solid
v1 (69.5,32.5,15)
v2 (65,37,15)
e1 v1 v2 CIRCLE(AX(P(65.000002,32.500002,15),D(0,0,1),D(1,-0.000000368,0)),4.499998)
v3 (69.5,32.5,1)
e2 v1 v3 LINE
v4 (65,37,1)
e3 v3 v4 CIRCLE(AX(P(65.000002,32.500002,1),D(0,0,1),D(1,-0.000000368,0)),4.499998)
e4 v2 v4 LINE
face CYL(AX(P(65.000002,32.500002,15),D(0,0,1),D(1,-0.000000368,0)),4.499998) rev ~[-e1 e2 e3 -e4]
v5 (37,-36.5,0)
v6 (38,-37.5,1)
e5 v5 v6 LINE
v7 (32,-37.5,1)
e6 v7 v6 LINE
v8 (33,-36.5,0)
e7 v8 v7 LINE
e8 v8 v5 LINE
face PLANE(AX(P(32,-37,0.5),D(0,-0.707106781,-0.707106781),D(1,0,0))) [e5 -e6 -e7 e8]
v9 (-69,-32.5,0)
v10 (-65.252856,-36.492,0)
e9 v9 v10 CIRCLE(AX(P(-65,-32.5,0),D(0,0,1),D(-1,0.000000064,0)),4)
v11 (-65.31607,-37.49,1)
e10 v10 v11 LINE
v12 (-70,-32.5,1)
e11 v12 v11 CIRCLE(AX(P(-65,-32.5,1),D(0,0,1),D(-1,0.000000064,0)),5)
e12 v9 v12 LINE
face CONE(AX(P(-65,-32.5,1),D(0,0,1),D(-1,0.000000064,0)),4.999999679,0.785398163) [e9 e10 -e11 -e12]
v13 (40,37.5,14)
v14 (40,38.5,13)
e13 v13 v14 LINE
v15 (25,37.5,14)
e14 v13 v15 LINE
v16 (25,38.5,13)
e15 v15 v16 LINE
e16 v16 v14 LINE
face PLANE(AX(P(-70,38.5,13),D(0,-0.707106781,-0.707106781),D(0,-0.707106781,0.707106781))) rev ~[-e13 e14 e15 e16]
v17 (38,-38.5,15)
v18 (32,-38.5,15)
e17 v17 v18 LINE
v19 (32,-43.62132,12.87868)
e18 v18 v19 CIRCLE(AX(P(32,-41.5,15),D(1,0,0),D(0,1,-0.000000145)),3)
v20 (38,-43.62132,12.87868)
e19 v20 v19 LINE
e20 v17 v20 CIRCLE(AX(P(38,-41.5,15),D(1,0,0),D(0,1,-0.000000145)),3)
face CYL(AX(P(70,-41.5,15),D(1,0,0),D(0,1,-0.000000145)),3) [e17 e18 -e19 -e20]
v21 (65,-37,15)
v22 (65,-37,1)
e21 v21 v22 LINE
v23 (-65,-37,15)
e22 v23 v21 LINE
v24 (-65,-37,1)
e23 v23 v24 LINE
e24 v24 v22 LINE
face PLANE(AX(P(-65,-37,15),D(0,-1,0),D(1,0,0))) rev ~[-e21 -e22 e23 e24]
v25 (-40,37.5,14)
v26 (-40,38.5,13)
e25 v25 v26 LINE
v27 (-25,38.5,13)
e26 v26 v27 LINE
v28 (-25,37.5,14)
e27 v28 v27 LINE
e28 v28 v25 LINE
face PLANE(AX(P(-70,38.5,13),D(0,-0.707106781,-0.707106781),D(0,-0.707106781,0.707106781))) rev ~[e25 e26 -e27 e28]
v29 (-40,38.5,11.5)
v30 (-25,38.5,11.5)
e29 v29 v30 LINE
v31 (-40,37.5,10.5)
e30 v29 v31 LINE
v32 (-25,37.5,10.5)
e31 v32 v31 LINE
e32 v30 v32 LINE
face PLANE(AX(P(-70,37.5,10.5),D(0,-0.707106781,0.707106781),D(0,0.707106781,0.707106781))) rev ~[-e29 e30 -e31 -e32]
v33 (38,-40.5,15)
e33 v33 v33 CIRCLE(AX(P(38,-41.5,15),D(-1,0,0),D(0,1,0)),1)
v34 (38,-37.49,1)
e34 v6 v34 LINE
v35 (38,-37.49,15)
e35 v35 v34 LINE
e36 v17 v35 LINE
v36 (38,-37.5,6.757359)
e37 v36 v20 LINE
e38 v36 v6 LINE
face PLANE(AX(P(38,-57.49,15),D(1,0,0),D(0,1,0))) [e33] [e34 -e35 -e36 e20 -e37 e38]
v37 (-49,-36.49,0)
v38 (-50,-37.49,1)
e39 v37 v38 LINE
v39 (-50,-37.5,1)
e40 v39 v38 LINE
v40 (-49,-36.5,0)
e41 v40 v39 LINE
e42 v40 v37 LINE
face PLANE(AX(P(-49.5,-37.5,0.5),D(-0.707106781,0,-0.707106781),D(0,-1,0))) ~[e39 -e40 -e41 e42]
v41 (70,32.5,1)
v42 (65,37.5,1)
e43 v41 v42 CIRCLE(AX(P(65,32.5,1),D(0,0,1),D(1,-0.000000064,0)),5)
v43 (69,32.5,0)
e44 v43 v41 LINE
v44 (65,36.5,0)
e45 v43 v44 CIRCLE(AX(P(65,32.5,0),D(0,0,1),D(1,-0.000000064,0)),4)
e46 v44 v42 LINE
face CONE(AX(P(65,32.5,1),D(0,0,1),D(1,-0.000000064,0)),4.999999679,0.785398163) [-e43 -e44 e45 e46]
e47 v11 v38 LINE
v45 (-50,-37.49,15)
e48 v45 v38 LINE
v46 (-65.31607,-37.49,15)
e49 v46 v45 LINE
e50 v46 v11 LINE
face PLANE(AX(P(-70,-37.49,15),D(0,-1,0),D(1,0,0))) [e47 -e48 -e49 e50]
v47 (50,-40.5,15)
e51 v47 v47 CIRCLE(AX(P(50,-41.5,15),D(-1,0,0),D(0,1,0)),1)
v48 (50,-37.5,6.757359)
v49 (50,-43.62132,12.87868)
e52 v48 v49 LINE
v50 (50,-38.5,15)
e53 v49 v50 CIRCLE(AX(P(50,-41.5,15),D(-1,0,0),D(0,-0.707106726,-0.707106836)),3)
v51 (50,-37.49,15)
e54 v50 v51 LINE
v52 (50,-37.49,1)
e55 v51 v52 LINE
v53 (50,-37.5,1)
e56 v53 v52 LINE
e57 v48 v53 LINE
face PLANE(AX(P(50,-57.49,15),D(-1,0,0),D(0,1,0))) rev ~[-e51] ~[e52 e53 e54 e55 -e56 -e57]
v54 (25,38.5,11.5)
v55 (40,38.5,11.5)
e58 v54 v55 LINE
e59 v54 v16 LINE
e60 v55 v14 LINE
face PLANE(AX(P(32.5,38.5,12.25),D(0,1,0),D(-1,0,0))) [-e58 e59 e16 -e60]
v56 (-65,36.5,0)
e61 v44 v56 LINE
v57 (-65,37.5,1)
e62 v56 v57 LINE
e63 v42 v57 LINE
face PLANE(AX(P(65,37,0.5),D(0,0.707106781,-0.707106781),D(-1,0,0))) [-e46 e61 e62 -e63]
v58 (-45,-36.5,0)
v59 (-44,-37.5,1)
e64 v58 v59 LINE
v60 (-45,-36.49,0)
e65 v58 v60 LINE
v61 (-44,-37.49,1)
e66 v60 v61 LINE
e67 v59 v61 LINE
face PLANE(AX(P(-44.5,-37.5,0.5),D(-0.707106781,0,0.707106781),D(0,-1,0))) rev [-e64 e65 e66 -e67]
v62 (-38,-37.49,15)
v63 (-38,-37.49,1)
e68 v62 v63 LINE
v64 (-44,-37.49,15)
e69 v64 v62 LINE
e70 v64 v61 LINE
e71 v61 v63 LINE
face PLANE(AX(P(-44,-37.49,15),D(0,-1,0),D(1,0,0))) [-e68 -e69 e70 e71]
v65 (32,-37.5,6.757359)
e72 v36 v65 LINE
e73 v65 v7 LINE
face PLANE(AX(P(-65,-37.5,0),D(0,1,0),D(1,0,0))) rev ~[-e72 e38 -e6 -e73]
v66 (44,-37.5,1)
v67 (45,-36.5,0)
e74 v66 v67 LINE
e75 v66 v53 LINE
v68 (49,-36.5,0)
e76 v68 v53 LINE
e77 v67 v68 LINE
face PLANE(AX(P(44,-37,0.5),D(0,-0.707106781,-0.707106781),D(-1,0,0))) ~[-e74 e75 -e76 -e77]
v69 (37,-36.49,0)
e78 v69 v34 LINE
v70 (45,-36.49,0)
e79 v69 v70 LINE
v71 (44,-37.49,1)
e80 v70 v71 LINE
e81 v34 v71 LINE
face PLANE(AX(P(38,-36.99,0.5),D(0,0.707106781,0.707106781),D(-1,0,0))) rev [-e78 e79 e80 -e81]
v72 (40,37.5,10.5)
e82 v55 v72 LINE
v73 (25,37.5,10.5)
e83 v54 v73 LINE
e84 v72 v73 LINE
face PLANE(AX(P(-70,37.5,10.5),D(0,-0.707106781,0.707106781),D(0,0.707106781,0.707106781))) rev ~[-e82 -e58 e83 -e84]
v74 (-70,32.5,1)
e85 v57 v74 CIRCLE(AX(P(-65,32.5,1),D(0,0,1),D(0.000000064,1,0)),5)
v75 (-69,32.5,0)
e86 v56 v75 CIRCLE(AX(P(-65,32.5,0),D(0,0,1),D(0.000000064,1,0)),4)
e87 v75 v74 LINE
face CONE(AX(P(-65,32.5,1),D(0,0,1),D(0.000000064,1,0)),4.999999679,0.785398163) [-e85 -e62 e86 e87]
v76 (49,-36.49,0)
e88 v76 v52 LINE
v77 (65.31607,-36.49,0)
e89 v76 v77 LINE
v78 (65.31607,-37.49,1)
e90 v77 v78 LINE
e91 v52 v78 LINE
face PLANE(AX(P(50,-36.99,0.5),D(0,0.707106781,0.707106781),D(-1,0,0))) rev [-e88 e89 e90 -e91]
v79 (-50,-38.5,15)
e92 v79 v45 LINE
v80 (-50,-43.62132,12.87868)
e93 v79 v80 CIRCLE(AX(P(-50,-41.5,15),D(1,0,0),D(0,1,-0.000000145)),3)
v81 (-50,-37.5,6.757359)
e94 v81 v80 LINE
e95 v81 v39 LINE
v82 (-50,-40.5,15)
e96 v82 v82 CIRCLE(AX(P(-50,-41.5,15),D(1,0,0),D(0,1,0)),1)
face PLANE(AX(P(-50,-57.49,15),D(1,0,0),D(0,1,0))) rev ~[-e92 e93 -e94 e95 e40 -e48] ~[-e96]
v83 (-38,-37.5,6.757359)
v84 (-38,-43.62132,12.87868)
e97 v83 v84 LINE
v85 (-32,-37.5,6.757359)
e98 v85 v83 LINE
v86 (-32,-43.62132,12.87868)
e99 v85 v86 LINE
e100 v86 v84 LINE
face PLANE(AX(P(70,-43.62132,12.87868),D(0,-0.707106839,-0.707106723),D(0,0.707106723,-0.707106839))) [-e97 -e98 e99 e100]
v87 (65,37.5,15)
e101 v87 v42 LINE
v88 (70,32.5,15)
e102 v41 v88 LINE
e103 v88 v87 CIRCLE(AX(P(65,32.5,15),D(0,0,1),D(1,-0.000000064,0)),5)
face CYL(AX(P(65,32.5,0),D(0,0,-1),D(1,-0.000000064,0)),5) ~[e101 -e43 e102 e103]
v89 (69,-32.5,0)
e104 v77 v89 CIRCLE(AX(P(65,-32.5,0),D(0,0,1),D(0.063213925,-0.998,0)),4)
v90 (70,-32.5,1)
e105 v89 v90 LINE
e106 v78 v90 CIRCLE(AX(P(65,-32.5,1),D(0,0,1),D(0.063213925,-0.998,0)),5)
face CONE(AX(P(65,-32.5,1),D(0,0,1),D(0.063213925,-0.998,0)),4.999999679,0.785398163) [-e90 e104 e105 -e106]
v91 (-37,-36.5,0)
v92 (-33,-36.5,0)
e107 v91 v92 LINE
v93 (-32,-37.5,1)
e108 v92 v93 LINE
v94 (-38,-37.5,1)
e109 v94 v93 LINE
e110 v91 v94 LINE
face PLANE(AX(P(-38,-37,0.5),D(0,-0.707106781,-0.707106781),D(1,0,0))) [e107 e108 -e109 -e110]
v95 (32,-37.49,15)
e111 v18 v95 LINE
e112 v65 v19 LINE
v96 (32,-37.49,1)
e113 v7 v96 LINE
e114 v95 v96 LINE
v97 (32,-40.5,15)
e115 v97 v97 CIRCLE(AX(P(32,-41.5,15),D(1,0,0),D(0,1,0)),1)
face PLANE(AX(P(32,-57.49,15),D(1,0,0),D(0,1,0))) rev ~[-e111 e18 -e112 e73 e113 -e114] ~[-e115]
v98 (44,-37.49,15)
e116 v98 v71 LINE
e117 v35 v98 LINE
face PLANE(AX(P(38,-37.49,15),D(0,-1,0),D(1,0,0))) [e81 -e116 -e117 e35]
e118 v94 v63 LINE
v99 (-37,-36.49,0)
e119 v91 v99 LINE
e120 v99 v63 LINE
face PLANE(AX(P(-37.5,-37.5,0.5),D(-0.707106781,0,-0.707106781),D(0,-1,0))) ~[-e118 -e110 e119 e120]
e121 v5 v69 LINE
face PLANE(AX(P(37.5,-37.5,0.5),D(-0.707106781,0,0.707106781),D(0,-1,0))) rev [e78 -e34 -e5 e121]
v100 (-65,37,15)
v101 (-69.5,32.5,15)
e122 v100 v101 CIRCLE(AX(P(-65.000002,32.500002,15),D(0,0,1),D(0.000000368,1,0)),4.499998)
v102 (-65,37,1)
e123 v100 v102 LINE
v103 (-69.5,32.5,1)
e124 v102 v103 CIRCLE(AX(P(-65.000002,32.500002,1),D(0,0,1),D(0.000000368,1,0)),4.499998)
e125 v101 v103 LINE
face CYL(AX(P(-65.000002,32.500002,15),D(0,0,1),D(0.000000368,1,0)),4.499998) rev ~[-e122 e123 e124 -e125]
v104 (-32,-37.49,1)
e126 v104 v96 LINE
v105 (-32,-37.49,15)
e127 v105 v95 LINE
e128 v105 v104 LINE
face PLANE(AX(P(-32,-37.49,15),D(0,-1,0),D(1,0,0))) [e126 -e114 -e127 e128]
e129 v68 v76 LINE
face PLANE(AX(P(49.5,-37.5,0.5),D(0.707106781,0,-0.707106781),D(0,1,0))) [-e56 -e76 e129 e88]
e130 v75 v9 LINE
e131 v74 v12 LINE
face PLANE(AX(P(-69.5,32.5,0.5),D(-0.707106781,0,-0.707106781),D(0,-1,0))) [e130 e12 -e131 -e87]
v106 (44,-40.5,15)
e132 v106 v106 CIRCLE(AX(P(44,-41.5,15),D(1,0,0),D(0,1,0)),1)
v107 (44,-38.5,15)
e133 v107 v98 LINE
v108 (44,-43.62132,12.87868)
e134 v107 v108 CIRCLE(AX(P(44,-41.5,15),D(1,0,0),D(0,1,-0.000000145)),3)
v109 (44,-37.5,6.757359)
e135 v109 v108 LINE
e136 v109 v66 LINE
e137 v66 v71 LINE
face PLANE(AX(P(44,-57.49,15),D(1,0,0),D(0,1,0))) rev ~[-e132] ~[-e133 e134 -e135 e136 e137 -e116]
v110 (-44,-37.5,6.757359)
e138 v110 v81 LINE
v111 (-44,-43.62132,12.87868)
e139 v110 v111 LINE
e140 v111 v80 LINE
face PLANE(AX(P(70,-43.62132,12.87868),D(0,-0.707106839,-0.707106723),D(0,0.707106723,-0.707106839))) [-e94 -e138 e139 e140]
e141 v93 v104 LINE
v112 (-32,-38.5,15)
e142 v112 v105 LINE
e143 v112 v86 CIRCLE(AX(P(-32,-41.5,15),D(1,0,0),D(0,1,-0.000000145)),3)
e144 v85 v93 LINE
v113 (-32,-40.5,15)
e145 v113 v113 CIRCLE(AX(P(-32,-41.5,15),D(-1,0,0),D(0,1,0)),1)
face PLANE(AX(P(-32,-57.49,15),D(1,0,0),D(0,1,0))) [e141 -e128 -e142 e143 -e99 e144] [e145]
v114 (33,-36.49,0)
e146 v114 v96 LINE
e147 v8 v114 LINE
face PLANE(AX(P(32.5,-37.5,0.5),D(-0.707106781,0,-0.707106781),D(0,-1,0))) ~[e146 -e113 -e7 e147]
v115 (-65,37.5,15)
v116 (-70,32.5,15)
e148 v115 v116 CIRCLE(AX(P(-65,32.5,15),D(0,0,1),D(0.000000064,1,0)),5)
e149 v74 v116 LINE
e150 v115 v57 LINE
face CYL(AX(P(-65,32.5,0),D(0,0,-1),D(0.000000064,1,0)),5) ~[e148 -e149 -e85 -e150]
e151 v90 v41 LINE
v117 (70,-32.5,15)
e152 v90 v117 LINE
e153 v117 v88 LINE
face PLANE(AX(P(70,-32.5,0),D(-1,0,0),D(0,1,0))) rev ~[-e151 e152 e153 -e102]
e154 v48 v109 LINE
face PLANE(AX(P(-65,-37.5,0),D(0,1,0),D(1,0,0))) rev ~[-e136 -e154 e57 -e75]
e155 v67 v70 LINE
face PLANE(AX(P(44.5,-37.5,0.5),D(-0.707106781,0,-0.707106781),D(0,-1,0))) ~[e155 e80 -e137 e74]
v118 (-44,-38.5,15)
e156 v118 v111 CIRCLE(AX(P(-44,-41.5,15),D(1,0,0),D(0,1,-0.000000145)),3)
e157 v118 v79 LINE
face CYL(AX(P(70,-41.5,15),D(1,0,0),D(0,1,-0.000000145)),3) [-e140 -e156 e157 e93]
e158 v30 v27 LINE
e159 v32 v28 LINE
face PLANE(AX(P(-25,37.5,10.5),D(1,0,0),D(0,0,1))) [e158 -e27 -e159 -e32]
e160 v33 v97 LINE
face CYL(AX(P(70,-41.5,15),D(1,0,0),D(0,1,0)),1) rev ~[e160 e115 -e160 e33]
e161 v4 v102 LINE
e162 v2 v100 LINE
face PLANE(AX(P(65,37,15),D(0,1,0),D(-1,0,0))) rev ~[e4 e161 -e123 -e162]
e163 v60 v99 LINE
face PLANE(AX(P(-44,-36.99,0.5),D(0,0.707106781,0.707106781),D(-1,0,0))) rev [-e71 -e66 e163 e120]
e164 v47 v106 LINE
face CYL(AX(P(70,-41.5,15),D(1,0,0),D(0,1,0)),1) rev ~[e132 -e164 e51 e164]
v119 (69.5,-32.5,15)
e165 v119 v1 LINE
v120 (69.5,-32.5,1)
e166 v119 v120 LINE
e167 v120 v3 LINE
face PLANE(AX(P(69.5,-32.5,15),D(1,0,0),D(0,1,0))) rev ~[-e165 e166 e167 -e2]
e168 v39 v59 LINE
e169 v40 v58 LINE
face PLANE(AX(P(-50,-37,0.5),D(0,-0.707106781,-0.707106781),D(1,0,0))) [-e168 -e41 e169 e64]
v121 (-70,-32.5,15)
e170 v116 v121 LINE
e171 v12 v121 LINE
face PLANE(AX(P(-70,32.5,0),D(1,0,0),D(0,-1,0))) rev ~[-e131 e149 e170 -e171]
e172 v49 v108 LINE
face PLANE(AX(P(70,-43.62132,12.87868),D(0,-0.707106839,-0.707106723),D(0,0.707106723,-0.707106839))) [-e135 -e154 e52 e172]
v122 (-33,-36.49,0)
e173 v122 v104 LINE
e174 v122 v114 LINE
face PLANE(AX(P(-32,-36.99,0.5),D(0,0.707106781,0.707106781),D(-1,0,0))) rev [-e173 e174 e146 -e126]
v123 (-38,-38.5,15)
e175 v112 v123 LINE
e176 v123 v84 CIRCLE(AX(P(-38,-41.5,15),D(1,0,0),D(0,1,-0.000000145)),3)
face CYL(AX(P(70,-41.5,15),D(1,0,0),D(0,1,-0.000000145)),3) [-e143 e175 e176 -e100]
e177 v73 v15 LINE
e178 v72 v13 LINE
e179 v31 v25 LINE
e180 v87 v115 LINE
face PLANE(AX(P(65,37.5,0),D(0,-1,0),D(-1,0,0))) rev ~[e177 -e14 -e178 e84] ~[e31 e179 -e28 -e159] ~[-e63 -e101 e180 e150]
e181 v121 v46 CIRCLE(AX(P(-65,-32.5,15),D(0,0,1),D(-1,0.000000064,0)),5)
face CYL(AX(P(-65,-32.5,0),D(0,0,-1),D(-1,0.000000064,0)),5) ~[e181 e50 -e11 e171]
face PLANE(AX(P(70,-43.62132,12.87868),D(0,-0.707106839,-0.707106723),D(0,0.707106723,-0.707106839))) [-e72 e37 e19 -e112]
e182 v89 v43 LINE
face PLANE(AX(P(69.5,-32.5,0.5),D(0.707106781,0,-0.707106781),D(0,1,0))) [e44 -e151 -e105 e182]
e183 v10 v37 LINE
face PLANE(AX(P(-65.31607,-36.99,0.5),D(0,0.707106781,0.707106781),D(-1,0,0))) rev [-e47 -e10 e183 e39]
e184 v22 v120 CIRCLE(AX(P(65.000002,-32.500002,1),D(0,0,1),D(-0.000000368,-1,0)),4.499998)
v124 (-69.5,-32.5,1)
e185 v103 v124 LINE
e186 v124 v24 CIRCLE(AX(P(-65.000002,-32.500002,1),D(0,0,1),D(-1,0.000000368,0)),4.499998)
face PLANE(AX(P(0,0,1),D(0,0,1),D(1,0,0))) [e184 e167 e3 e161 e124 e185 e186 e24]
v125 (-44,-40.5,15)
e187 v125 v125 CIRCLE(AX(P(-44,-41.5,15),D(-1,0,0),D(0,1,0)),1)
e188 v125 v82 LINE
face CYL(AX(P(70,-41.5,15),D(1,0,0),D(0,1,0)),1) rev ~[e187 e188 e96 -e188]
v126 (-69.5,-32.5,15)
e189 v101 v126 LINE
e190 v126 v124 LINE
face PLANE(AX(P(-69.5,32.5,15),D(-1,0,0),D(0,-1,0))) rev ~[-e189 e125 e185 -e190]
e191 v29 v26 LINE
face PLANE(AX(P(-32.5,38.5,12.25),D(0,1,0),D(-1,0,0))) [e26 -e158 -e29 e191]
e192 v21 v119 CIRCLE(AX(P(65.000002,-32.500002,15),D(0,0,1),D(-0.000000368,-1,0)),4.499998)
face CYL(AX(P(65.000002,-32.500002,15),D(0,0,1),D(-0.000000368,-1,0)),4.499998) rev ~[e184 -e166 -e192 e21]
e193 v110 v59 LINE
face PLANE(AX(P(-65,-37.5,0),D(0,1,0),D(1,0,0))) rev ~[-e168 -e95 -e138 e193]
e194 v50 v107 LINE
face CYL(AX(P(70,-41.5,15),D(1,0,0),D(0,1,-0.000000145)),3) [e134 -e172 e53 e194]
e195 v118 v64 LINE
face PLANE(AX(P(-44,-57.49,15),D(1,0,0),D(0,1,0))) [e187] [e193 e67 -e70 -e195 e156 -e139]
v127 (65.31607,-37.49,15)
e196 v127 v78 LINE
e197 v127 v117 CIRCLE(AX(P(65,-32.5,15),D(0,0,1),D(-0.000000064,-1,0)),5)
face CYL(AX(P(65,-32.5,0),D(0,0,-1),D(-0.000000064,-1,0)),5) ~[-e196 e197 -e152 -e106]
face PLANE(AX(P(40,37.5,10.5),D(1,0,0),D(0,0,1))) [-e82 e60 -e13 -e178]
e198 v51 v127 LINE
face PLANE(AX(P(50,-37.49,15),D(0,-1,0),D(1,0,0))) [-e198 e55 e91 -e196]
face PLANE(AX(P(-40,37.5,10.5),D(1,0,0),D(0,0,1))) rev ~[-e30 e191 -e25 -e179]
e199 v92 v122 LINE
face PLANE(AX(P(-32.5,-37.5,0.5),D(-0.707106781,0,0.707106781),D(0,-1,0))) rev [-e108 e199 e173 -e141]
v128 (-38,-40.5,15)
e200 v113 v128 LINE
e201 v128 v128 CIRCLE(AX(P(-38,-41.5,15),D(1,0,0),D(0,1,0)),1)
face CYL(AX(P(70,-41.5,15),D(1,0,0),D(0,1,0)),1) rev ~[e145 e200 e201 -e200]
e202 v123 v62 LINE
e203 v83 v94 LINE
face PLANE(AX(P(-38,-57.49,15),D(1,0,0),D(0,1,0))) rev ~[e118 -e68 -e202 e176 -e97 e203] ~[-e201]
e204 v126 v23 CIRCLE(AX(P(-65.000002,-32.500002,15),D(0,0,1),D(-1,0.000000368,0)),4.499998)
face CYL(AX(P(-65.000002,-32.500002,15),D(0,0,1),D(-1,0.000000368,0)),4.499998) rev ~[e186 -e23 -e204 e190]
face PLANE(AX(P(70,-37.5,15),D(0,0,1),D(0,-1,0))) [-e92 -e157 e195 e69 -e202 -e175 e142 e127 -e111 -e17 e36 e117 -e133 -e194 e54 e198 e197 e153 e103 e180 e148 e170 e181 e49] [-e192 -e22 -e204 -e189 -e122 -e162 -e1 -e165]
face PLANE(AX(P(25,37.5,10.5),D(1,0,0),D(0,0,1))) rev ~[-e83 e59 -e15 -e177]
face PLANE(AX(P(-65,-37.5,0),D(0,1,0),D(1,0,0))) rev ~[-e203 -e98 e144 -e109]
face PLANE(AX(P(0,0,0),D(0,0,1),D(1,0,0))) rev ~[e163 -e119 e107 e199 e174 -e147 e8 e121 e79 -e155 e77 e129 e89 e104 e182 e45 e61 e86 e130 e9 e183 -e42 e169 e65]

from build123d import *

# Parameters (mm, degrees)
PAD_DEPTH            = 15
POCKET_DEPTH         = 14
SKETCH002_R          = 1
PAD001_DEPTH         = 140
SKETCH008_W          = 20
SKETCH008_H          = 20
SKETCH008_W_2        = 6
SKETCH008_W_3        = 64
POCKET004_DEPTH      = 15.001
POCKET004_DEPTH_BACK = 3.001
SKETCH009_W          = 15
SKETCH009_H          = 3.5
PAD004_DEPTH         = 1
POCKET005_DEPTH      = 140.001
CHAMFER001_SIZE      = 1


with BuildPart() as part:
    # Sketch → Pad (new body)
    with BuildSketch(Plane.XY):
        with BuildLine():
            Line((-70, 32.5), (-70, -32.5))
            ThreePointArc((-70, -32.5), (-68.535534, -36.035534), (-65, -37.5))
            Line((-65, -37.5), (65, -37.5))
            ThreePointArc((65, -37.5), (68.535534, -36.035534), (70, -32.5))
            Line((70, -32.5), (70, 32.5))
            ThreePointArc((70, 32.5), (68.535534, 36.035534), (65, 37.5))
            Line((65, 37.5), (-65, 37.5))
            ThreePointArc((-65, 37.5), (-68.535534, 36.035534), (-70, 32.5))
        make_face()
    extrude(amount=PAD_DEPTH)

    # Sketch001 (on Face10 of Pad) → Pocket (cut)
    with BuildSketch(Plane.XY.offset(15)):
        with BuildLine():
            Line((-69.5, 32.5), (-69.5, -32.5))
            ThreePointArc((-69.5, -32.5), (-68.181981, -35.681981), (-65, -37))
            Line((-65, -37), (65, -37))
            ThreePointArc((65, -37), (68.181981, -35.681981), (69.5, -32.5))
            Line((69.5, -32.5), (69.5, 32.5))
            ThreePointArc((69.5, 32.5), (68.181981, 35.681981), (65, 37))
            Line((65, 37), (-65, 37))
            ThreePointArc((-65, 37), (-68.181981, 35.681981), (-69.5, 32.5))
        make_face()
    extrude(amount=-POCKET_DEPTH, mode=Mode.SUBTRACT)

    # Sketch002 (on Face9 of Pocket) → Pad001 (join)
    with BuildSketch(Plane.YZ.offset(70)):
        with BuildLine():
            ThreePointArc((-38.5, 15), (-42.64805, 17.771639), (-43.62132, 12.87868))
            Line((-43.62132, 12.87868), (-37.5, 6.757359))
            Line((-37.5, 15), (-37.5, 6.757359))
            Line((-37.5, 15), (-38.5, 15))
        make_face()
        with Locations((-41.5, 15)):
            Circle(SKETCH002_R, mode=Mode.SUBTRACT)
    extrude(amount=-PAD001_DEPTH)

    # Sketch008 (on Face17 of Pad001) → Pocket004 (cut, two sides)
    with BuildSketch(Plane.XY.offset(15)) as pocket004_sk:
        with Locations((-60, -47.49)):
            Rectangle(SKETCH008_W, SKETCH008_H)
        with Locations((60, -47.49)):
            Rectangle(SKETCH008_W, SKETCH008_H)
        with Locations((41, -47.49)):
            Rectangle(SKETCH008_W_2, SKETCH008_H)
        with Locations((-41, -47.49)):
            Rectangle(SKETCH008_W_2, SKETCH008_H)
        with Locations((0, -47.49)):
            Rectangle(SKETCH008_W_3, SKETCH008_H)
    extrude(amount=-POCKET004_DEPTH, mode=Mode.SUBTRACT)
    extrude(pocket004_sk.sketch, amount=POCKET004_DEPTH_BACK, mode=Mode.SUBTRACT)

    # Sketch009 (on Face6 of Pocket004) → Pad004 (join)
    with BuildSketch(Plane(origin=(0, 37.5, 0), x_dir=(-1, 0, 0), z_dir=(0, 1, 0))):
        with Locations((32.5, 12.25)):
            Rectangle(SKETCH009_W, SKETCH009_H)
        with Locations((-32.5, 12.25)):
            Rectangle(SKETCH009_W, SKETCH009_H)
    extrude(amount=PAD004_DEPTH)

    # Sketch010 (on Face1 of Pad004) → Pocket005 (cut, through all)
    with BuildSketch(Plane(origin=(-70, 0, 0), x_dir=(0, -1, 0), z_dir=(-1, 0, 0))):
        Polygon((-37.5, 10.5), (-38.5, 11.5), (-38.5, 10.5), align=None)
        Polygon((-38.5, 13), (-37.5, 14), (-38.5, 14), align=None)
    extrude(amount=-POCKET005_DEPTH, mode=Mode.SUBTRACT)

    # Chamfer001
    chamfer001_edges = [part.edges().sort_by_distance(p)[0] for p in [
        (-68.535534, 36.035534, 0),
        (0, 37.5, 0),
        (68.535534, 36.035534, 0),
        (70, 0, 0),
        (68.645569, -35.921962, 0),
        (57.658035, -37.49, 0),
        (50, -37.495, 0),
        (47, -37.5, 0),
        (44, -37.495, 0),
        (41, -37.49, 0),
        (38, -37.495, 0),
        (35, -37.5, 0),
        (32, -37.495, 0),
        (0, -37.49, 0),
        (-32, -37.495, 0),
        (-35, -37.5, 0),
        (-38, -37.495, 0),
        (-41, -37.49, 0),
        (-44, -37.495, 0),
        (-47, -37.5, 0),
        (-50, -37.495, 0),
        (-57.658035, -37.49, 0),
        (-68.645569, -35.921962, 0),
        (-70, 0, 0),
    ]]
    chamfer(chamfer001_edges, length=CHAMFER001_SIZE)


solid = part.part
